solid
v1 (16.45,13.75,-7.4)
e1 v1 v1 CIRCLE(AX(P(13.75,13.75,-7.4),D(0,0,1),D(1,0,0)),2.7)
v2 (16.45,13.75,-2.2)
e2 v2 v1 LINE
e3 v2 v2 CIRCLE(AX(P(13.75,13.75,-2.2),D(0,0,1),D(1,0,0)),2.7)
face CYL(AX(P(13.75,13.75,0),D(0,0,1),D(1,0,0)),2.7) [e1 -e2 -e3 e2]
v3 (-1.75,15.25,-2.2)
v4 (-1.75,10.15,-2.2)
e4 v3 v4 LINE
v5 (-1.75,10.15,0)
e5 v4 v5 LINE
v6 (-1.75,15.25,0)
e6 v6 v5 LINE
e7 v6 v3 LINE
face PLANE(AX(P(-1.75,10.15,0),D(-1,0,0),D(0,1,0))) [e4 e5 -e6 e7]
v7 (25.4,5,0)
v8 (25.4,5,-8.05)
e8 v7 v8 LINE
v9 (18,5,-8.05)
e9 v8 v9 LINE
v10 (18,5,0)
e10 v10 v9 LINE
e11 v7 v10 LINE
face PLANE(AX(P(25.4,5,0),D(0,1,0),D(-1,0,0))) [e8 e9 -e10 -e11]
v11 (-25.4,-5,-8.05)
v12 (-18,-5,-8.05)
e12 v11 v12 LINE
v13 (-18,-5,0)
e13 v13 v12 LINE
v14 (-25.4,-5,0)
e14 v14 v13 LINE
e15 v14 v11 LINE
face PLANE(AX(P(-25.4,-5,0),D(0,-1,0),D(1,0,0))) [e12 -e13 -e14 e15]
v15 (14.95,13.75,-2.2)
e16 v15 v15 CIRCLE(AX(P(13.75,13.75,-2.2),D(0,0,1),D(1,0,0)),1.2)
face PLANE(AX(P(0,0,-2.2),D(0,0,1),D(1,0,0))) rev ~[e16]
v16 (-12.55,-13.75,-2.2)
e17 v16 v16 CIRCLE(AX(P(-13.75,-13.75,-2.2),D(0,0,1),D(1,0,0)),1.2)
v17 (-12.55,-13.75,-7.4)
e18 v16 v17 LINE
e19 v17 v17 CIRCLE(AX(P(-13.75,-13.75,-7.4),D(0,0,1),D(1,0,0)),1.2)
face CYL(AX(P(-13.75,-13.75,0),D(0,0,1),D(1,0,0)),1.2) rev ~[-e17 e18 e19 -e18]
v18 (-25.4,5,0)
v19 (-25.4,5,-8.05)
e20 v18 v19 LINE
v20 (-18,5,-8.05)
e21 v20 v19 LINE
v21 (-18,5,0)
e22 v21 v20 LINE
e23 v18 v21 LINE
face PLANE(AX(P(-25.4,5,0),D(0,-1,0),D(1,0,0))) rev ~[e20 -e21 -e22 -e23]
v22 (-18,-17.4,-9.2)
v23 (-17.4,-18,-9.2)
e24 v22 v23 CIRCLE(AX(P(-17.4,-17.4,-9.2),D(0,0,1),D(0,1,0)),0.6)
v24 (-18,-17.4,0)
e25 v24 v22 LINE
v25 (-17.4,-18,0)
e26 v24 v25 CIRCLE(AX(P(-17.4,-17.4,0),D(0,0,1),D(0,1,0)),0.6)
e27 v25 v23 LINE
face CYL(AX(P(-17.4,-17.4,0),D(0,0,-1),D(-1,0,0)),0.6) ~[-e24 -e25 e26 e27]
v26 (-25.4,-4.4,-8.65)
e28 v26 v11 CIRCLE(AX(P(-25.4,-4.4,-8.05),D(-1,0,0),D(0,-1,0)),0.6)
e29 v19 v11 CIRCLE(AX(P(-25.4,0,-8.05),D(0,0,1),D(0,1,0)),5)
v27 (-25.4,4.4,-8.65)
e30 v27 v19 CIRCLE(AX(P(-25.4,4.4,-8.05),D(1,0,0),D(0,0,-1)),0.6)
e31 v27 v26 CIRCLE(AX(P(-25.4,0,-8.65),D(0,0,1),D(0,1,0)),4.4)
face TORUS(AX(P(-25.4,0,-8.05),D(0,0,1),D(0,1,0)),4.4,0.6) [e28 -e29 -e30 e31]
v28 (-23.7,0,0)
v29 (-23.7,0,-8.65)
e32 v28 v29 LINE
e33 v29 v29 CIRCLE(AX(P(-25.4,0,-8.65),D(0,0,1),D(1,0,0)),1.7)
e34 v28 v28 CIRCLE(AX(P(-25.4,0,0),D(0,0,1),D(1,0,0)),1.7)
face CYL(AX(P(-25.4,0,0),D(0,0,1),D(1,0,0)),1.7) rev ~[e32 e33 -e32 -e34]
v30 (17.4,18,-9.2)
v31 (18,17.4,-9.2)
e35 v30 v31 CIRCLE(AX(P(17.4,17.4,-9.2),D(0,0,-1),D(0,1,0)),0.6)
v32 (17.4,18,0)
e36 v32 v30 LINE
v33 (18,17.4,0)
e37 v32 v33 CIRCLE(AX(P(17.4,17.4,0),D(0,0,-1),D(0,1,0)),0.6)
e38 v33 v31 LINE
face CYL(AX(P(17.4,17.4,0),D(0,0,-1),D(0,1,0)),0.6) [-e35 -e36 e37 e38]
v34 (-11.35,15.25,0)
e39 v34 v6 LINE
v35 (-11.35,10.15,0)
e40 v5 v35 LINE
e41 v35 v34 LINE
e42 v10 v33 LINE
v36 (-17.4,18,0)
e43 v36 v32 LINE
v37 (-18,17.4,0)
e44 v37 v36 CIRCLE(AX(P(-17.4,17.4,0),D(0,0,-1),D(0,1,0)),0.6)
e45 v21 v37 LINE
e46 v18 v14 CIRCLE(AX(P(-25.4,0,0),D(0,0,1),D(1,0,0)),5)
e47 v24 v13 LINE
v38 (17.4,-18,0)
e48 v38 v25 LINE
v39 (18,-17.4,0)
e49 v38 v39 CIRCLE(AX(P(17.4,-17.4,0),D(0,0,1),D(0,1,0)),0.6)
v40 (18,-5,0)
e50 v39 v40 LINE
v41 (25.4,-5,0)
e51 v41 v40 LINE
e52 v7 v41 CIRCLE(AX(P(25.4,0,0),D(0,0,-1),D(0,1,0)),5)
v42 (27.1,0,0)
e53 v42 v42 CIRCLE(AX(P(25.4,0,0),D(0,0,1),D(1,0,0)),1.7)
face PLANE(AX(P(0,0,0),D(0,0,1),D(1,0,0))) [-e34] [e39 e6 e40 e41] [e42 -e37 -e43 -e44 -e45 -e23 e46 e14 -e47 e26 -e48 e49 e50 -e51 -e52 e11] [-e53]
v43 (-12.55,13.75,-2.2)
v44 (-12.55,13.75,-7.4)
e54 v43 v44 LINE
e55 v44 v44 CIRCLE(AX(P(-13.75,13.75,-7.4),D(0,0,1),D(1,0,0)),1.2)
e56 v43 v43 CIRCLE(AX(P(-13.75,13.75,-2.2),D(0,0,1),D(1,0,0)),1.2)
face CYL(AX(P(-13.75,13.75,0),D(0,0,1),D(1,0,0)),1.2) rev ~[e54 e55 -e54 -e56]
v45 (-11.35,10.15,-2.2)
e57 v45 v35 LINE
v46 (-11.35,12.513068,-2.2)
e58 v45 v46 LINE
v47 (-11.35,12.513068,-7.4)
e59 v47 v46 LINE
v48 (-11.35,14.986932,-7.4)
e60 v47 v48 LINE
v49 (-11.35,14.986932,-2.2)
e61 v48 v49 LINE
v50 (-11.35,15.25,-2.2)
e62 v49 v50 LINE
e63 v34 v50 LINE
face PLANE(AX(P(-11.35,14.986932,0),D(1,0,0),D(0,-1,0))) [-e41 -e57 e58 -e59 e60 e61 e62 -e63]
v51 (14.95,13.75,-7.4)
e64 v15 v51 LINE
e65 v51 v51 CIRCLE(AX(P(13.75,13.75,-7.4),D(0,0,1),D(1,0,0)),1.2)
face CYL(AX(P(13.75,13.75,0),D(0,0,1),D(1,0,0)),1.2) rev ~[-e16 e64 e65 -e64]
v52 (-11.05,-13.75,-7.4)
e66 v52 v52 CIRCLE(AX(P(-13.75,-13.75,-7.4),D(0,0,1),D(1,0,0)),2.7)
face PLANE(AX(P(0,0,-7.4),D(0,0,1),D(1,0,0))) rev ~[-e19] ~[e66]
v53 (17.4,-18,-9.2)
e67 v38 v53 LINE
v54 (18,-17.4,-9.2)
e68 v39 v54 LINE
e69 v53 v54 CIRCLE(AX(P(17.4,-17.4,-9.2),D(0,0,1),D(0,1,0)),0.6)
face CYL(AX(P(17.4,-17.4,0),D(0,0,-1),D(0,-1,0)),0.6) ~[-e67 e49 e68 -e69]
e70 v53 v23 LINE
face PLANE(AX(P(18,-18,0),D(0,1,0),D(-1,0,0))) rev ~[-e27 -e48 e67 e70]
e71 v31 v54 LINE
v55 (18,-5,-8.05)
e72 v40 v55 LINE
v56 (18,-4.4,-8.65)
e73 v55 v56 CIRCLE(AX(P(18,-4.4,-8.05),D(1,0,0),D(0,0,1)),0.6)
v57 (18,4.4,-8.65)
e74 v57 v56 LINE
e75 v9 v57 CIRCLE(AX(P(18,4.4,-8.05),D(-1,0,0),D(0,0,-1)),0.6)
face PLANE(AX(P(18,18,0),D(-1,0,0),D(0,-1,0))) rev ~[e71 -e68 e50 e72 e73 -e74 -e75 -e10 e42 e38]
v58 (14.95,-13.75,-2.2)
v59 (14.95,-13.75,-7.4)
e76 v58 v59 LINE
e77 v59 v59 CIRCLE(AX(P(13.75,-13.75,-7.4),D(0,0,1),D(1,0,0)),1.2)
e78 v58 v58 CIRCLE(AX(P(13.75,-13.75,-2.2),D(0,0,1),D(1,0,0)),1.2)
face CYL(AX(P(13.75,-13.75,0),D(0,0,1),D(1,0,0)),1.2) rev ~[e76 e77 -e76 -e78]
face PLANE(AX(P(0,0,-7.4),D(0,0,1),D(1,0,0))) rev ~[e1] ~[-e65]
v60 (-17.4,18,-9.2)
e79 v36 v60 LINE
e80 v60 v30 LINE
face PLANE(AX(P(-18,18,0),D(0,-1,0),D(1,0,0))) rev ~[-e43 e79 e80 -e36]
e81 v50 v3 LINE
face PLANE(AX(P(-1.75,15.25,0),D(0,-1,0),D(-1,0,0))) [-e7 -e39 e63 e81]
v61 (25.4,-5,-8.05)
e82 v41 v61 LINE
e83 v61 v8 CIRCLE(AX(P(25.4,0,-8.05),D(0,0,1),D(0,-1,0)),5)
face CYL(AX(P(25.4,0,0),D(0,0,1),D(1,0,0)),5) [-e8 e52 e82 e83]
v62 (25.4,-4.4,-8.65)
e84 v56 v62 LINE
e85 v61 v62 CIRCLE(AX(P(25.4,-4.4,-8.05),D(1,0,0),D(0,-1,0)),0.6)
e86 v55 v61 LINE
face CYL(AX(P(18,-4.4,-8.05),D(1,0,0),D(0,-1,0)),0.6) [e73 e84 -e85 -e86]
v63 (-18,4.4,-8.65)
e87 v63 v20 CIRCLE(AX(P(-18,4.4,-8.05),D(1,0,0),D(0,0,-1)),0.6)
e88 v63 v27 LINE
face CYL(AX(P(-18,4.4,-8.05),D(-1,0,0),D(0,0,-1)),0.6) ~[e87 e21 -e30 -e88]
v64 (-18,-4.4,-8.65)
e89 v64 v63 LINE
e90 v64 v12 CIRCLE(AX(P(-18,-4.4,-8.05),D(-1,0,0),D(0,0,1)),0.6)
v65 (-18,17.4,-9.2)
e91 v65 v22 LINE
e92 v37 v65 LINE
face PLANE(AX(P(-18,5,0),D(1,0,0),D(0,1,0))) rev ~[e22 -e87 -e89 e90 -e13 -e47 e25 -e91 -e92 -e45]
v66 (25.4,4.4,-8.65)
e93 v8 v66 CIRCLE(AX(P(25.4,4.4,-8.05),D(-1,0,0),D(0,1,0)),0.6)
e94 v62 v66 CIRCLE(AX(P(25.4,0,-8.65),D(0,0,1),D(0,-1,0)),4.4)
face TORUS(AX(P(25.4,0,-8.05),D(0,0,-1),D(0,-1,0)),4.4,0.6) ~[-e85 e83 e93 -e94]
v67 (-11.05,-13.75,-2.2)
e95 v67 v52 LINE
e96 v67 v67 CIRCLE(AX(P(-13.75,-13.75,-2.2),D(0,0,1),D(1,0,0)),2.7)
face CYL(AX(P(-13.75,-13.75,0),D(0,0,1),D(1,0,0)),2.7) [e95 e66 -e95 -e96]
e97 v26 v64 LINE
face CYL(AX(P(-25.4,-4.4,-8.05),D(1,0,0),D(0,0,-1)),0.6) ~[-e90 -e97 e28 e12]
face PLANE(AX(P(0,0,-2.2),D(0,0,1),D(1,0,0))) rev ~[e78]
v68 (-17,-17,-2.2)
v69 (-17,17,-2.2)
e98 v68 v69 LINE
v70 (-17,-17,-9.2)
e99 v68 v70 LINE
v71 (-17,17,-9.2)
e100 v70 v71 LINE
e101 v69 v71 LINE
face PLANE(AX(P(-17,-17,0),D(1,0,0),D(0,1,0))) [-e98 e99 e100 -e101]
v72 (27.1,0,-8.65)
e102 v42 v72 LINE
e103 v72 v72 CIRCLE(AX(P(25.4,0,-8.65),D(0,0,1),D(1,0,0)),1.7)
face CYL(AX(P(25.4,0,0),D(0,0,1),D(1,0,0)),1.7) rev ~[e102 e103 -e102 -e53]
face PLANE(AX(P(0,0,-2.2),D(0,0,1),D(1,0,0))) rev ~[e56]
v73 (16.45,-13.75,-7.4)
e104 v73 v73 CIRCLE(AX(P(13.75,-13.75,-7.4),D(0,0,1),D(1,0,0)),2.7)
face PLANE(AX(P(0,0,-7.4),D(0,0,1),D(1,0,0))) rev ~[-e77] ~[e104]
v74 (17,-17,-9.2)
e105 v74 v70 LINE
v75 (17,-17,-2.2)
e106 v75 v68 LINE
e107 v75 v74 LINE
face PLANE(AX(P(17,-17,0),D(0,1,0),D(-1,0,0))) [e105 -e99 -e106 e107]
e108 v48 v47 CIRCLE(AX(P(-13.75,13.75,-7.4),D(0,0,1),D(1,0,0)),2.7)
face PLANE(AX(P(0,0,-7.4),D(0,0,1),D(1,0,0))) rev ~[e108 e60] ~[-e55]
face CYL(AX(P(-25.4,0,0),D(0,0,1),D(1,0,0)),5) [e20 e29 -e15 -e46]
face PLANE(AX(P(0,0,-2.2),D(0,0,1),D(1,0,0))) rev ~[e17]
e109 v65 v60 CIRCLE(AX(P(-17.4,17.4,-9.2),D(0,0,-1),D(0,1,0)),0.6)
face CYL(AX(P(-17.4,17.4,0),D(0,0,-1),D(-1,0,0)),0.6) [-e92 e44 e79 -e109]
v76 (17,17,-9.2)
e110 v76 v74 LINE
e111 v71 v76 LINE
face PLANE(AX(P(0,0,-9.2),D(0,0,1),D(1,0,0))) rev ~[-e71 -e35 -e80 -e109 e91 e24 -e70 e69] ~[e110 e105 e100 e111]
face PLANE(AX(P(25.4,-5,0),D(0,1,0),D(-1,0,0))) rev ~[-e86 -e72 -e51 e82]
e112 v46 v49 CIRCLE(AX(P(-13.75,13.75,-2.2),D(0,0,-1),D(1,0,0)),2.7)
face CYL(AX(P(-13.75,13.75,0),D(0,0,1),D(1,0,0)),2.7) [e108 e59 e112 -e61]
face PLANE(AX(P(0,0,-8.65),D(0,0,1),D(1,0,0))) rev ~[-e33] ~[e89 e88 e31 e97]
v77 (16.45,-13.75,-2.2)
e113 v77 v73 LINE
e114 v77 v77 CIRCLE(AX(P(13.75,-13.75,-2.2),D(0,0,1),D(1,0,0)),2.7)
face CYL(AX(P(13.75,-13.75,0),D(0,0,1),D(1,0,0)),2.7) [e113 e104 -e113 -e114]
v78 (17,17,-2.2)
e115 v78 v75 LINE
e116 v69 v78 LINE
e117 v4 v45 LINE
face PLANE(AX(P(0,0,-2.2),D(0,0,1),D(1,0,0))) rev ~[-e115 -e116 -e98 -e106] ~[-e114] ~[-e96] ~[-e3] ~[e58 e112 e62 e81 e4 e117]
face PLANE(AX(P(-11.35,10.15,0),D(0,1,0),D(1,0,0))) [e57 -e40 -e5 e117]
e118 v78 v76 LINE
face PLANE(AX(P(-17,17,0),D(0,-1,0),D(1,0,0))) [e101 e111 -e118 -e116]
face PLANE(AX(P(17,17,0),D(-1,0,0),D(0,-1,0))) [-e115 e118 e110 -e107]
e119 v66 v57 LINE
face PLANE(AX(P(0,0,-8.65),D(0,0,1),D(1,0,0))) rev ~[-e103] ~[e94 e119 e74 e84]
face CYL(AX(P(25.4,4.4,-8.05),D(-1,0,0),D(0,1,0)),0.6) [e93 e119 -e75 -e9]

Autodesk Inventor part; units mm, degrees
ref_plane "YZ Plane" through (0, 0, 0) normal (1, 0, 0) x (0, 1, 0)
ref_plane "XZ Plane" through (0, 0, 0) normal (0, 1, 0) x (-1, 0, 0)
ref_plane "XY Plane" through (0, 0, 0) normal (0, 0, 1) x (1, 0, 0)
sketch "Sketch1" plane through (0, 0, 0) normal (0, 0, 1) x (1, 0, 0)
  circle A0 centre (0, 0) radius 25.4 construction
  line L0 (-13.75, -13.75) -> (13.75, -13.75) construction
  line L1 (13.75, -13.75) -> (13.75, 13.75) construction
  line L2 (13.75, 13.75) -> (-13.75, 13.75) construction
  line L3 (-13.75, 13.75) -> (-13.75, -13.75) construction
  line L4 (-13.75, -13.75) -> (13.75, 13.75) construction
  line L5 (13.75, -13.75) -> (-13.75, 13.75) construction
  circle A1 centre (0, 0) radius 7.25
  circle A2 centre (-13.75, 13.75) radius 1.2
  circle A3 centre (-13.75, 13.75) radius 2.7
  circle A4 centre (-25.4, 0) radius 1.7
  circle A5 centre (-25.4, 0) radius 5
  line L6 (-17, 17) -> (17, 17)
  line L7 (17, 17) -> (17, -17)
  line L8 (17, -17) -> (-17, -17)
  line L9 (-17, -17) -> (-17, 17)
  line L10 (-17, 17) -> (17, -17) construction
  line L11 (17, 17) -> (-17, -17) construction
  line L12 (-25.4, 5) -> (-18, 5)
  line L13 (-25.4, -5) -> (-18, -5)
  line L14 (0, 17) -> (0, -17) construction
  line L15 (-17, 0) -> (17, 0) construction
  circle A6 centre (25.4, 0) radius 1.7
  circle A7 centre (25.4, 0) radius 5
  line L16 (25.4, 5) -> (18, 5)
  line L17 (25.4, -5) -> (18, -5)
  circle A8 centre (13.75, 13.75) radius 1.2
  circle A9 centre (13.75, 13.75) radius 2.7
  circle A10 centre (-13.75, -13.75) radius 1.2
  circle A11 centre (-13.75, -13.75) radius 2.7
  circle A12 centre (13.75, -13.75) radius 2.7
  circle A13 centre (13.75, -13.75) radius 1.2
  line L18 (-18, 18) -> (18, 18)
  line L19 (18, 18) -> (18, -18)
  line L20 (18, -18) -> (-18, -18)
  line L21 (-18, -18) -> (-18, 18)
  line L22 (-18, 18) -> (18, -18) construction
  line L23 (18, 18) -> (-18, -18) construction
  circle A14 centre (-13.75, 13.75) radius 12 construction
  line L24 (-1.75, 13.75) -> (-1.75, 15.25) construction
  line L25 (-1.75, 13.75) -> (-1.75, 10.15) construction
  line L26 (-11.35, 13.75) -> (-11.35, 10.15) construction
  line L27 (-11.35, 13.75) -> (-11.35, 15.25) construction
  line L28 (-11.35, 10.15) -> (-1.75, 10.15)
  line L29 (-1.75, 10.15) -> (-1.75, 15.25)
  line L30 (-1.75, 15.25) -> (-11.35, 15.25)
  line L31 (-11.35, 15.25) -> (-11.35, 10.15)
  point P0 (-17, 3.8)
  point P1 (-17, -3.8)
  point P2 (17, 3.8)
  point P3 (17, -3.8)
  dimension "d22" = 24
  dimension "d0" = 50.8
  dimension "d1" = 27.5
  dimension "d2" = 27.5
  dimension "d3" = 14.5
  dimension "d4" = 2.4
  dimension "d5" = 5.4
  dimension "d6" = 3.4
  dimension "d7" = 10
  dimension "d8" = 34
  dimension "d9" = 34
  dimension "d10" = 36
  dimension "d11" = 36
  dimension "d24" = 1.5
  dimension "d25" = 3.6
extrude "Extrusion1" add sketch "Sketch1" against normal blind 9.2 contours L21 L18 L19 L20
extrude "Extrusion3" add sketch "Sketch1" against normal blind 7.4 contours A3 L31 | L31 A3 | A9 | A11 | A12
extrude "Extrusion4" add sketch "Sketch1" against normal blind 2.2 contours A1 | A2 | A3 L31 L30 L29 L28 | L6 L7 L8 L9 | A8 | A10 | A13
extrude "Extrusion5" add sketch "Sketch1" against normal blind 8.65 contours A5 | A5 L12 L21 L13 | L16 A7 L17 L19 | A7
extrude "Extrusion6" cut sketch "Sketch1" along normal mid plane 22 contours A3 L31 | A3 L31 L30 L29 L28 picked at (-11.2949, 13.4692)
fillet "Fillet1" radius 0.6 10 edges at (-18, -18, -4.6) (-18, 18, -4.6) (18, 18, -4.6) (18, -18, -4.6) (-30.4, 0, -8.65) (-21.7, 5, -8.65) (-21.7, -5, -8.65) (30.4, 0, -8.65) (21.7, 5, -8.65) (21.7, -5, -8.65)
equation "\"d9\" = d8"
properties part number "cameraBottom"
